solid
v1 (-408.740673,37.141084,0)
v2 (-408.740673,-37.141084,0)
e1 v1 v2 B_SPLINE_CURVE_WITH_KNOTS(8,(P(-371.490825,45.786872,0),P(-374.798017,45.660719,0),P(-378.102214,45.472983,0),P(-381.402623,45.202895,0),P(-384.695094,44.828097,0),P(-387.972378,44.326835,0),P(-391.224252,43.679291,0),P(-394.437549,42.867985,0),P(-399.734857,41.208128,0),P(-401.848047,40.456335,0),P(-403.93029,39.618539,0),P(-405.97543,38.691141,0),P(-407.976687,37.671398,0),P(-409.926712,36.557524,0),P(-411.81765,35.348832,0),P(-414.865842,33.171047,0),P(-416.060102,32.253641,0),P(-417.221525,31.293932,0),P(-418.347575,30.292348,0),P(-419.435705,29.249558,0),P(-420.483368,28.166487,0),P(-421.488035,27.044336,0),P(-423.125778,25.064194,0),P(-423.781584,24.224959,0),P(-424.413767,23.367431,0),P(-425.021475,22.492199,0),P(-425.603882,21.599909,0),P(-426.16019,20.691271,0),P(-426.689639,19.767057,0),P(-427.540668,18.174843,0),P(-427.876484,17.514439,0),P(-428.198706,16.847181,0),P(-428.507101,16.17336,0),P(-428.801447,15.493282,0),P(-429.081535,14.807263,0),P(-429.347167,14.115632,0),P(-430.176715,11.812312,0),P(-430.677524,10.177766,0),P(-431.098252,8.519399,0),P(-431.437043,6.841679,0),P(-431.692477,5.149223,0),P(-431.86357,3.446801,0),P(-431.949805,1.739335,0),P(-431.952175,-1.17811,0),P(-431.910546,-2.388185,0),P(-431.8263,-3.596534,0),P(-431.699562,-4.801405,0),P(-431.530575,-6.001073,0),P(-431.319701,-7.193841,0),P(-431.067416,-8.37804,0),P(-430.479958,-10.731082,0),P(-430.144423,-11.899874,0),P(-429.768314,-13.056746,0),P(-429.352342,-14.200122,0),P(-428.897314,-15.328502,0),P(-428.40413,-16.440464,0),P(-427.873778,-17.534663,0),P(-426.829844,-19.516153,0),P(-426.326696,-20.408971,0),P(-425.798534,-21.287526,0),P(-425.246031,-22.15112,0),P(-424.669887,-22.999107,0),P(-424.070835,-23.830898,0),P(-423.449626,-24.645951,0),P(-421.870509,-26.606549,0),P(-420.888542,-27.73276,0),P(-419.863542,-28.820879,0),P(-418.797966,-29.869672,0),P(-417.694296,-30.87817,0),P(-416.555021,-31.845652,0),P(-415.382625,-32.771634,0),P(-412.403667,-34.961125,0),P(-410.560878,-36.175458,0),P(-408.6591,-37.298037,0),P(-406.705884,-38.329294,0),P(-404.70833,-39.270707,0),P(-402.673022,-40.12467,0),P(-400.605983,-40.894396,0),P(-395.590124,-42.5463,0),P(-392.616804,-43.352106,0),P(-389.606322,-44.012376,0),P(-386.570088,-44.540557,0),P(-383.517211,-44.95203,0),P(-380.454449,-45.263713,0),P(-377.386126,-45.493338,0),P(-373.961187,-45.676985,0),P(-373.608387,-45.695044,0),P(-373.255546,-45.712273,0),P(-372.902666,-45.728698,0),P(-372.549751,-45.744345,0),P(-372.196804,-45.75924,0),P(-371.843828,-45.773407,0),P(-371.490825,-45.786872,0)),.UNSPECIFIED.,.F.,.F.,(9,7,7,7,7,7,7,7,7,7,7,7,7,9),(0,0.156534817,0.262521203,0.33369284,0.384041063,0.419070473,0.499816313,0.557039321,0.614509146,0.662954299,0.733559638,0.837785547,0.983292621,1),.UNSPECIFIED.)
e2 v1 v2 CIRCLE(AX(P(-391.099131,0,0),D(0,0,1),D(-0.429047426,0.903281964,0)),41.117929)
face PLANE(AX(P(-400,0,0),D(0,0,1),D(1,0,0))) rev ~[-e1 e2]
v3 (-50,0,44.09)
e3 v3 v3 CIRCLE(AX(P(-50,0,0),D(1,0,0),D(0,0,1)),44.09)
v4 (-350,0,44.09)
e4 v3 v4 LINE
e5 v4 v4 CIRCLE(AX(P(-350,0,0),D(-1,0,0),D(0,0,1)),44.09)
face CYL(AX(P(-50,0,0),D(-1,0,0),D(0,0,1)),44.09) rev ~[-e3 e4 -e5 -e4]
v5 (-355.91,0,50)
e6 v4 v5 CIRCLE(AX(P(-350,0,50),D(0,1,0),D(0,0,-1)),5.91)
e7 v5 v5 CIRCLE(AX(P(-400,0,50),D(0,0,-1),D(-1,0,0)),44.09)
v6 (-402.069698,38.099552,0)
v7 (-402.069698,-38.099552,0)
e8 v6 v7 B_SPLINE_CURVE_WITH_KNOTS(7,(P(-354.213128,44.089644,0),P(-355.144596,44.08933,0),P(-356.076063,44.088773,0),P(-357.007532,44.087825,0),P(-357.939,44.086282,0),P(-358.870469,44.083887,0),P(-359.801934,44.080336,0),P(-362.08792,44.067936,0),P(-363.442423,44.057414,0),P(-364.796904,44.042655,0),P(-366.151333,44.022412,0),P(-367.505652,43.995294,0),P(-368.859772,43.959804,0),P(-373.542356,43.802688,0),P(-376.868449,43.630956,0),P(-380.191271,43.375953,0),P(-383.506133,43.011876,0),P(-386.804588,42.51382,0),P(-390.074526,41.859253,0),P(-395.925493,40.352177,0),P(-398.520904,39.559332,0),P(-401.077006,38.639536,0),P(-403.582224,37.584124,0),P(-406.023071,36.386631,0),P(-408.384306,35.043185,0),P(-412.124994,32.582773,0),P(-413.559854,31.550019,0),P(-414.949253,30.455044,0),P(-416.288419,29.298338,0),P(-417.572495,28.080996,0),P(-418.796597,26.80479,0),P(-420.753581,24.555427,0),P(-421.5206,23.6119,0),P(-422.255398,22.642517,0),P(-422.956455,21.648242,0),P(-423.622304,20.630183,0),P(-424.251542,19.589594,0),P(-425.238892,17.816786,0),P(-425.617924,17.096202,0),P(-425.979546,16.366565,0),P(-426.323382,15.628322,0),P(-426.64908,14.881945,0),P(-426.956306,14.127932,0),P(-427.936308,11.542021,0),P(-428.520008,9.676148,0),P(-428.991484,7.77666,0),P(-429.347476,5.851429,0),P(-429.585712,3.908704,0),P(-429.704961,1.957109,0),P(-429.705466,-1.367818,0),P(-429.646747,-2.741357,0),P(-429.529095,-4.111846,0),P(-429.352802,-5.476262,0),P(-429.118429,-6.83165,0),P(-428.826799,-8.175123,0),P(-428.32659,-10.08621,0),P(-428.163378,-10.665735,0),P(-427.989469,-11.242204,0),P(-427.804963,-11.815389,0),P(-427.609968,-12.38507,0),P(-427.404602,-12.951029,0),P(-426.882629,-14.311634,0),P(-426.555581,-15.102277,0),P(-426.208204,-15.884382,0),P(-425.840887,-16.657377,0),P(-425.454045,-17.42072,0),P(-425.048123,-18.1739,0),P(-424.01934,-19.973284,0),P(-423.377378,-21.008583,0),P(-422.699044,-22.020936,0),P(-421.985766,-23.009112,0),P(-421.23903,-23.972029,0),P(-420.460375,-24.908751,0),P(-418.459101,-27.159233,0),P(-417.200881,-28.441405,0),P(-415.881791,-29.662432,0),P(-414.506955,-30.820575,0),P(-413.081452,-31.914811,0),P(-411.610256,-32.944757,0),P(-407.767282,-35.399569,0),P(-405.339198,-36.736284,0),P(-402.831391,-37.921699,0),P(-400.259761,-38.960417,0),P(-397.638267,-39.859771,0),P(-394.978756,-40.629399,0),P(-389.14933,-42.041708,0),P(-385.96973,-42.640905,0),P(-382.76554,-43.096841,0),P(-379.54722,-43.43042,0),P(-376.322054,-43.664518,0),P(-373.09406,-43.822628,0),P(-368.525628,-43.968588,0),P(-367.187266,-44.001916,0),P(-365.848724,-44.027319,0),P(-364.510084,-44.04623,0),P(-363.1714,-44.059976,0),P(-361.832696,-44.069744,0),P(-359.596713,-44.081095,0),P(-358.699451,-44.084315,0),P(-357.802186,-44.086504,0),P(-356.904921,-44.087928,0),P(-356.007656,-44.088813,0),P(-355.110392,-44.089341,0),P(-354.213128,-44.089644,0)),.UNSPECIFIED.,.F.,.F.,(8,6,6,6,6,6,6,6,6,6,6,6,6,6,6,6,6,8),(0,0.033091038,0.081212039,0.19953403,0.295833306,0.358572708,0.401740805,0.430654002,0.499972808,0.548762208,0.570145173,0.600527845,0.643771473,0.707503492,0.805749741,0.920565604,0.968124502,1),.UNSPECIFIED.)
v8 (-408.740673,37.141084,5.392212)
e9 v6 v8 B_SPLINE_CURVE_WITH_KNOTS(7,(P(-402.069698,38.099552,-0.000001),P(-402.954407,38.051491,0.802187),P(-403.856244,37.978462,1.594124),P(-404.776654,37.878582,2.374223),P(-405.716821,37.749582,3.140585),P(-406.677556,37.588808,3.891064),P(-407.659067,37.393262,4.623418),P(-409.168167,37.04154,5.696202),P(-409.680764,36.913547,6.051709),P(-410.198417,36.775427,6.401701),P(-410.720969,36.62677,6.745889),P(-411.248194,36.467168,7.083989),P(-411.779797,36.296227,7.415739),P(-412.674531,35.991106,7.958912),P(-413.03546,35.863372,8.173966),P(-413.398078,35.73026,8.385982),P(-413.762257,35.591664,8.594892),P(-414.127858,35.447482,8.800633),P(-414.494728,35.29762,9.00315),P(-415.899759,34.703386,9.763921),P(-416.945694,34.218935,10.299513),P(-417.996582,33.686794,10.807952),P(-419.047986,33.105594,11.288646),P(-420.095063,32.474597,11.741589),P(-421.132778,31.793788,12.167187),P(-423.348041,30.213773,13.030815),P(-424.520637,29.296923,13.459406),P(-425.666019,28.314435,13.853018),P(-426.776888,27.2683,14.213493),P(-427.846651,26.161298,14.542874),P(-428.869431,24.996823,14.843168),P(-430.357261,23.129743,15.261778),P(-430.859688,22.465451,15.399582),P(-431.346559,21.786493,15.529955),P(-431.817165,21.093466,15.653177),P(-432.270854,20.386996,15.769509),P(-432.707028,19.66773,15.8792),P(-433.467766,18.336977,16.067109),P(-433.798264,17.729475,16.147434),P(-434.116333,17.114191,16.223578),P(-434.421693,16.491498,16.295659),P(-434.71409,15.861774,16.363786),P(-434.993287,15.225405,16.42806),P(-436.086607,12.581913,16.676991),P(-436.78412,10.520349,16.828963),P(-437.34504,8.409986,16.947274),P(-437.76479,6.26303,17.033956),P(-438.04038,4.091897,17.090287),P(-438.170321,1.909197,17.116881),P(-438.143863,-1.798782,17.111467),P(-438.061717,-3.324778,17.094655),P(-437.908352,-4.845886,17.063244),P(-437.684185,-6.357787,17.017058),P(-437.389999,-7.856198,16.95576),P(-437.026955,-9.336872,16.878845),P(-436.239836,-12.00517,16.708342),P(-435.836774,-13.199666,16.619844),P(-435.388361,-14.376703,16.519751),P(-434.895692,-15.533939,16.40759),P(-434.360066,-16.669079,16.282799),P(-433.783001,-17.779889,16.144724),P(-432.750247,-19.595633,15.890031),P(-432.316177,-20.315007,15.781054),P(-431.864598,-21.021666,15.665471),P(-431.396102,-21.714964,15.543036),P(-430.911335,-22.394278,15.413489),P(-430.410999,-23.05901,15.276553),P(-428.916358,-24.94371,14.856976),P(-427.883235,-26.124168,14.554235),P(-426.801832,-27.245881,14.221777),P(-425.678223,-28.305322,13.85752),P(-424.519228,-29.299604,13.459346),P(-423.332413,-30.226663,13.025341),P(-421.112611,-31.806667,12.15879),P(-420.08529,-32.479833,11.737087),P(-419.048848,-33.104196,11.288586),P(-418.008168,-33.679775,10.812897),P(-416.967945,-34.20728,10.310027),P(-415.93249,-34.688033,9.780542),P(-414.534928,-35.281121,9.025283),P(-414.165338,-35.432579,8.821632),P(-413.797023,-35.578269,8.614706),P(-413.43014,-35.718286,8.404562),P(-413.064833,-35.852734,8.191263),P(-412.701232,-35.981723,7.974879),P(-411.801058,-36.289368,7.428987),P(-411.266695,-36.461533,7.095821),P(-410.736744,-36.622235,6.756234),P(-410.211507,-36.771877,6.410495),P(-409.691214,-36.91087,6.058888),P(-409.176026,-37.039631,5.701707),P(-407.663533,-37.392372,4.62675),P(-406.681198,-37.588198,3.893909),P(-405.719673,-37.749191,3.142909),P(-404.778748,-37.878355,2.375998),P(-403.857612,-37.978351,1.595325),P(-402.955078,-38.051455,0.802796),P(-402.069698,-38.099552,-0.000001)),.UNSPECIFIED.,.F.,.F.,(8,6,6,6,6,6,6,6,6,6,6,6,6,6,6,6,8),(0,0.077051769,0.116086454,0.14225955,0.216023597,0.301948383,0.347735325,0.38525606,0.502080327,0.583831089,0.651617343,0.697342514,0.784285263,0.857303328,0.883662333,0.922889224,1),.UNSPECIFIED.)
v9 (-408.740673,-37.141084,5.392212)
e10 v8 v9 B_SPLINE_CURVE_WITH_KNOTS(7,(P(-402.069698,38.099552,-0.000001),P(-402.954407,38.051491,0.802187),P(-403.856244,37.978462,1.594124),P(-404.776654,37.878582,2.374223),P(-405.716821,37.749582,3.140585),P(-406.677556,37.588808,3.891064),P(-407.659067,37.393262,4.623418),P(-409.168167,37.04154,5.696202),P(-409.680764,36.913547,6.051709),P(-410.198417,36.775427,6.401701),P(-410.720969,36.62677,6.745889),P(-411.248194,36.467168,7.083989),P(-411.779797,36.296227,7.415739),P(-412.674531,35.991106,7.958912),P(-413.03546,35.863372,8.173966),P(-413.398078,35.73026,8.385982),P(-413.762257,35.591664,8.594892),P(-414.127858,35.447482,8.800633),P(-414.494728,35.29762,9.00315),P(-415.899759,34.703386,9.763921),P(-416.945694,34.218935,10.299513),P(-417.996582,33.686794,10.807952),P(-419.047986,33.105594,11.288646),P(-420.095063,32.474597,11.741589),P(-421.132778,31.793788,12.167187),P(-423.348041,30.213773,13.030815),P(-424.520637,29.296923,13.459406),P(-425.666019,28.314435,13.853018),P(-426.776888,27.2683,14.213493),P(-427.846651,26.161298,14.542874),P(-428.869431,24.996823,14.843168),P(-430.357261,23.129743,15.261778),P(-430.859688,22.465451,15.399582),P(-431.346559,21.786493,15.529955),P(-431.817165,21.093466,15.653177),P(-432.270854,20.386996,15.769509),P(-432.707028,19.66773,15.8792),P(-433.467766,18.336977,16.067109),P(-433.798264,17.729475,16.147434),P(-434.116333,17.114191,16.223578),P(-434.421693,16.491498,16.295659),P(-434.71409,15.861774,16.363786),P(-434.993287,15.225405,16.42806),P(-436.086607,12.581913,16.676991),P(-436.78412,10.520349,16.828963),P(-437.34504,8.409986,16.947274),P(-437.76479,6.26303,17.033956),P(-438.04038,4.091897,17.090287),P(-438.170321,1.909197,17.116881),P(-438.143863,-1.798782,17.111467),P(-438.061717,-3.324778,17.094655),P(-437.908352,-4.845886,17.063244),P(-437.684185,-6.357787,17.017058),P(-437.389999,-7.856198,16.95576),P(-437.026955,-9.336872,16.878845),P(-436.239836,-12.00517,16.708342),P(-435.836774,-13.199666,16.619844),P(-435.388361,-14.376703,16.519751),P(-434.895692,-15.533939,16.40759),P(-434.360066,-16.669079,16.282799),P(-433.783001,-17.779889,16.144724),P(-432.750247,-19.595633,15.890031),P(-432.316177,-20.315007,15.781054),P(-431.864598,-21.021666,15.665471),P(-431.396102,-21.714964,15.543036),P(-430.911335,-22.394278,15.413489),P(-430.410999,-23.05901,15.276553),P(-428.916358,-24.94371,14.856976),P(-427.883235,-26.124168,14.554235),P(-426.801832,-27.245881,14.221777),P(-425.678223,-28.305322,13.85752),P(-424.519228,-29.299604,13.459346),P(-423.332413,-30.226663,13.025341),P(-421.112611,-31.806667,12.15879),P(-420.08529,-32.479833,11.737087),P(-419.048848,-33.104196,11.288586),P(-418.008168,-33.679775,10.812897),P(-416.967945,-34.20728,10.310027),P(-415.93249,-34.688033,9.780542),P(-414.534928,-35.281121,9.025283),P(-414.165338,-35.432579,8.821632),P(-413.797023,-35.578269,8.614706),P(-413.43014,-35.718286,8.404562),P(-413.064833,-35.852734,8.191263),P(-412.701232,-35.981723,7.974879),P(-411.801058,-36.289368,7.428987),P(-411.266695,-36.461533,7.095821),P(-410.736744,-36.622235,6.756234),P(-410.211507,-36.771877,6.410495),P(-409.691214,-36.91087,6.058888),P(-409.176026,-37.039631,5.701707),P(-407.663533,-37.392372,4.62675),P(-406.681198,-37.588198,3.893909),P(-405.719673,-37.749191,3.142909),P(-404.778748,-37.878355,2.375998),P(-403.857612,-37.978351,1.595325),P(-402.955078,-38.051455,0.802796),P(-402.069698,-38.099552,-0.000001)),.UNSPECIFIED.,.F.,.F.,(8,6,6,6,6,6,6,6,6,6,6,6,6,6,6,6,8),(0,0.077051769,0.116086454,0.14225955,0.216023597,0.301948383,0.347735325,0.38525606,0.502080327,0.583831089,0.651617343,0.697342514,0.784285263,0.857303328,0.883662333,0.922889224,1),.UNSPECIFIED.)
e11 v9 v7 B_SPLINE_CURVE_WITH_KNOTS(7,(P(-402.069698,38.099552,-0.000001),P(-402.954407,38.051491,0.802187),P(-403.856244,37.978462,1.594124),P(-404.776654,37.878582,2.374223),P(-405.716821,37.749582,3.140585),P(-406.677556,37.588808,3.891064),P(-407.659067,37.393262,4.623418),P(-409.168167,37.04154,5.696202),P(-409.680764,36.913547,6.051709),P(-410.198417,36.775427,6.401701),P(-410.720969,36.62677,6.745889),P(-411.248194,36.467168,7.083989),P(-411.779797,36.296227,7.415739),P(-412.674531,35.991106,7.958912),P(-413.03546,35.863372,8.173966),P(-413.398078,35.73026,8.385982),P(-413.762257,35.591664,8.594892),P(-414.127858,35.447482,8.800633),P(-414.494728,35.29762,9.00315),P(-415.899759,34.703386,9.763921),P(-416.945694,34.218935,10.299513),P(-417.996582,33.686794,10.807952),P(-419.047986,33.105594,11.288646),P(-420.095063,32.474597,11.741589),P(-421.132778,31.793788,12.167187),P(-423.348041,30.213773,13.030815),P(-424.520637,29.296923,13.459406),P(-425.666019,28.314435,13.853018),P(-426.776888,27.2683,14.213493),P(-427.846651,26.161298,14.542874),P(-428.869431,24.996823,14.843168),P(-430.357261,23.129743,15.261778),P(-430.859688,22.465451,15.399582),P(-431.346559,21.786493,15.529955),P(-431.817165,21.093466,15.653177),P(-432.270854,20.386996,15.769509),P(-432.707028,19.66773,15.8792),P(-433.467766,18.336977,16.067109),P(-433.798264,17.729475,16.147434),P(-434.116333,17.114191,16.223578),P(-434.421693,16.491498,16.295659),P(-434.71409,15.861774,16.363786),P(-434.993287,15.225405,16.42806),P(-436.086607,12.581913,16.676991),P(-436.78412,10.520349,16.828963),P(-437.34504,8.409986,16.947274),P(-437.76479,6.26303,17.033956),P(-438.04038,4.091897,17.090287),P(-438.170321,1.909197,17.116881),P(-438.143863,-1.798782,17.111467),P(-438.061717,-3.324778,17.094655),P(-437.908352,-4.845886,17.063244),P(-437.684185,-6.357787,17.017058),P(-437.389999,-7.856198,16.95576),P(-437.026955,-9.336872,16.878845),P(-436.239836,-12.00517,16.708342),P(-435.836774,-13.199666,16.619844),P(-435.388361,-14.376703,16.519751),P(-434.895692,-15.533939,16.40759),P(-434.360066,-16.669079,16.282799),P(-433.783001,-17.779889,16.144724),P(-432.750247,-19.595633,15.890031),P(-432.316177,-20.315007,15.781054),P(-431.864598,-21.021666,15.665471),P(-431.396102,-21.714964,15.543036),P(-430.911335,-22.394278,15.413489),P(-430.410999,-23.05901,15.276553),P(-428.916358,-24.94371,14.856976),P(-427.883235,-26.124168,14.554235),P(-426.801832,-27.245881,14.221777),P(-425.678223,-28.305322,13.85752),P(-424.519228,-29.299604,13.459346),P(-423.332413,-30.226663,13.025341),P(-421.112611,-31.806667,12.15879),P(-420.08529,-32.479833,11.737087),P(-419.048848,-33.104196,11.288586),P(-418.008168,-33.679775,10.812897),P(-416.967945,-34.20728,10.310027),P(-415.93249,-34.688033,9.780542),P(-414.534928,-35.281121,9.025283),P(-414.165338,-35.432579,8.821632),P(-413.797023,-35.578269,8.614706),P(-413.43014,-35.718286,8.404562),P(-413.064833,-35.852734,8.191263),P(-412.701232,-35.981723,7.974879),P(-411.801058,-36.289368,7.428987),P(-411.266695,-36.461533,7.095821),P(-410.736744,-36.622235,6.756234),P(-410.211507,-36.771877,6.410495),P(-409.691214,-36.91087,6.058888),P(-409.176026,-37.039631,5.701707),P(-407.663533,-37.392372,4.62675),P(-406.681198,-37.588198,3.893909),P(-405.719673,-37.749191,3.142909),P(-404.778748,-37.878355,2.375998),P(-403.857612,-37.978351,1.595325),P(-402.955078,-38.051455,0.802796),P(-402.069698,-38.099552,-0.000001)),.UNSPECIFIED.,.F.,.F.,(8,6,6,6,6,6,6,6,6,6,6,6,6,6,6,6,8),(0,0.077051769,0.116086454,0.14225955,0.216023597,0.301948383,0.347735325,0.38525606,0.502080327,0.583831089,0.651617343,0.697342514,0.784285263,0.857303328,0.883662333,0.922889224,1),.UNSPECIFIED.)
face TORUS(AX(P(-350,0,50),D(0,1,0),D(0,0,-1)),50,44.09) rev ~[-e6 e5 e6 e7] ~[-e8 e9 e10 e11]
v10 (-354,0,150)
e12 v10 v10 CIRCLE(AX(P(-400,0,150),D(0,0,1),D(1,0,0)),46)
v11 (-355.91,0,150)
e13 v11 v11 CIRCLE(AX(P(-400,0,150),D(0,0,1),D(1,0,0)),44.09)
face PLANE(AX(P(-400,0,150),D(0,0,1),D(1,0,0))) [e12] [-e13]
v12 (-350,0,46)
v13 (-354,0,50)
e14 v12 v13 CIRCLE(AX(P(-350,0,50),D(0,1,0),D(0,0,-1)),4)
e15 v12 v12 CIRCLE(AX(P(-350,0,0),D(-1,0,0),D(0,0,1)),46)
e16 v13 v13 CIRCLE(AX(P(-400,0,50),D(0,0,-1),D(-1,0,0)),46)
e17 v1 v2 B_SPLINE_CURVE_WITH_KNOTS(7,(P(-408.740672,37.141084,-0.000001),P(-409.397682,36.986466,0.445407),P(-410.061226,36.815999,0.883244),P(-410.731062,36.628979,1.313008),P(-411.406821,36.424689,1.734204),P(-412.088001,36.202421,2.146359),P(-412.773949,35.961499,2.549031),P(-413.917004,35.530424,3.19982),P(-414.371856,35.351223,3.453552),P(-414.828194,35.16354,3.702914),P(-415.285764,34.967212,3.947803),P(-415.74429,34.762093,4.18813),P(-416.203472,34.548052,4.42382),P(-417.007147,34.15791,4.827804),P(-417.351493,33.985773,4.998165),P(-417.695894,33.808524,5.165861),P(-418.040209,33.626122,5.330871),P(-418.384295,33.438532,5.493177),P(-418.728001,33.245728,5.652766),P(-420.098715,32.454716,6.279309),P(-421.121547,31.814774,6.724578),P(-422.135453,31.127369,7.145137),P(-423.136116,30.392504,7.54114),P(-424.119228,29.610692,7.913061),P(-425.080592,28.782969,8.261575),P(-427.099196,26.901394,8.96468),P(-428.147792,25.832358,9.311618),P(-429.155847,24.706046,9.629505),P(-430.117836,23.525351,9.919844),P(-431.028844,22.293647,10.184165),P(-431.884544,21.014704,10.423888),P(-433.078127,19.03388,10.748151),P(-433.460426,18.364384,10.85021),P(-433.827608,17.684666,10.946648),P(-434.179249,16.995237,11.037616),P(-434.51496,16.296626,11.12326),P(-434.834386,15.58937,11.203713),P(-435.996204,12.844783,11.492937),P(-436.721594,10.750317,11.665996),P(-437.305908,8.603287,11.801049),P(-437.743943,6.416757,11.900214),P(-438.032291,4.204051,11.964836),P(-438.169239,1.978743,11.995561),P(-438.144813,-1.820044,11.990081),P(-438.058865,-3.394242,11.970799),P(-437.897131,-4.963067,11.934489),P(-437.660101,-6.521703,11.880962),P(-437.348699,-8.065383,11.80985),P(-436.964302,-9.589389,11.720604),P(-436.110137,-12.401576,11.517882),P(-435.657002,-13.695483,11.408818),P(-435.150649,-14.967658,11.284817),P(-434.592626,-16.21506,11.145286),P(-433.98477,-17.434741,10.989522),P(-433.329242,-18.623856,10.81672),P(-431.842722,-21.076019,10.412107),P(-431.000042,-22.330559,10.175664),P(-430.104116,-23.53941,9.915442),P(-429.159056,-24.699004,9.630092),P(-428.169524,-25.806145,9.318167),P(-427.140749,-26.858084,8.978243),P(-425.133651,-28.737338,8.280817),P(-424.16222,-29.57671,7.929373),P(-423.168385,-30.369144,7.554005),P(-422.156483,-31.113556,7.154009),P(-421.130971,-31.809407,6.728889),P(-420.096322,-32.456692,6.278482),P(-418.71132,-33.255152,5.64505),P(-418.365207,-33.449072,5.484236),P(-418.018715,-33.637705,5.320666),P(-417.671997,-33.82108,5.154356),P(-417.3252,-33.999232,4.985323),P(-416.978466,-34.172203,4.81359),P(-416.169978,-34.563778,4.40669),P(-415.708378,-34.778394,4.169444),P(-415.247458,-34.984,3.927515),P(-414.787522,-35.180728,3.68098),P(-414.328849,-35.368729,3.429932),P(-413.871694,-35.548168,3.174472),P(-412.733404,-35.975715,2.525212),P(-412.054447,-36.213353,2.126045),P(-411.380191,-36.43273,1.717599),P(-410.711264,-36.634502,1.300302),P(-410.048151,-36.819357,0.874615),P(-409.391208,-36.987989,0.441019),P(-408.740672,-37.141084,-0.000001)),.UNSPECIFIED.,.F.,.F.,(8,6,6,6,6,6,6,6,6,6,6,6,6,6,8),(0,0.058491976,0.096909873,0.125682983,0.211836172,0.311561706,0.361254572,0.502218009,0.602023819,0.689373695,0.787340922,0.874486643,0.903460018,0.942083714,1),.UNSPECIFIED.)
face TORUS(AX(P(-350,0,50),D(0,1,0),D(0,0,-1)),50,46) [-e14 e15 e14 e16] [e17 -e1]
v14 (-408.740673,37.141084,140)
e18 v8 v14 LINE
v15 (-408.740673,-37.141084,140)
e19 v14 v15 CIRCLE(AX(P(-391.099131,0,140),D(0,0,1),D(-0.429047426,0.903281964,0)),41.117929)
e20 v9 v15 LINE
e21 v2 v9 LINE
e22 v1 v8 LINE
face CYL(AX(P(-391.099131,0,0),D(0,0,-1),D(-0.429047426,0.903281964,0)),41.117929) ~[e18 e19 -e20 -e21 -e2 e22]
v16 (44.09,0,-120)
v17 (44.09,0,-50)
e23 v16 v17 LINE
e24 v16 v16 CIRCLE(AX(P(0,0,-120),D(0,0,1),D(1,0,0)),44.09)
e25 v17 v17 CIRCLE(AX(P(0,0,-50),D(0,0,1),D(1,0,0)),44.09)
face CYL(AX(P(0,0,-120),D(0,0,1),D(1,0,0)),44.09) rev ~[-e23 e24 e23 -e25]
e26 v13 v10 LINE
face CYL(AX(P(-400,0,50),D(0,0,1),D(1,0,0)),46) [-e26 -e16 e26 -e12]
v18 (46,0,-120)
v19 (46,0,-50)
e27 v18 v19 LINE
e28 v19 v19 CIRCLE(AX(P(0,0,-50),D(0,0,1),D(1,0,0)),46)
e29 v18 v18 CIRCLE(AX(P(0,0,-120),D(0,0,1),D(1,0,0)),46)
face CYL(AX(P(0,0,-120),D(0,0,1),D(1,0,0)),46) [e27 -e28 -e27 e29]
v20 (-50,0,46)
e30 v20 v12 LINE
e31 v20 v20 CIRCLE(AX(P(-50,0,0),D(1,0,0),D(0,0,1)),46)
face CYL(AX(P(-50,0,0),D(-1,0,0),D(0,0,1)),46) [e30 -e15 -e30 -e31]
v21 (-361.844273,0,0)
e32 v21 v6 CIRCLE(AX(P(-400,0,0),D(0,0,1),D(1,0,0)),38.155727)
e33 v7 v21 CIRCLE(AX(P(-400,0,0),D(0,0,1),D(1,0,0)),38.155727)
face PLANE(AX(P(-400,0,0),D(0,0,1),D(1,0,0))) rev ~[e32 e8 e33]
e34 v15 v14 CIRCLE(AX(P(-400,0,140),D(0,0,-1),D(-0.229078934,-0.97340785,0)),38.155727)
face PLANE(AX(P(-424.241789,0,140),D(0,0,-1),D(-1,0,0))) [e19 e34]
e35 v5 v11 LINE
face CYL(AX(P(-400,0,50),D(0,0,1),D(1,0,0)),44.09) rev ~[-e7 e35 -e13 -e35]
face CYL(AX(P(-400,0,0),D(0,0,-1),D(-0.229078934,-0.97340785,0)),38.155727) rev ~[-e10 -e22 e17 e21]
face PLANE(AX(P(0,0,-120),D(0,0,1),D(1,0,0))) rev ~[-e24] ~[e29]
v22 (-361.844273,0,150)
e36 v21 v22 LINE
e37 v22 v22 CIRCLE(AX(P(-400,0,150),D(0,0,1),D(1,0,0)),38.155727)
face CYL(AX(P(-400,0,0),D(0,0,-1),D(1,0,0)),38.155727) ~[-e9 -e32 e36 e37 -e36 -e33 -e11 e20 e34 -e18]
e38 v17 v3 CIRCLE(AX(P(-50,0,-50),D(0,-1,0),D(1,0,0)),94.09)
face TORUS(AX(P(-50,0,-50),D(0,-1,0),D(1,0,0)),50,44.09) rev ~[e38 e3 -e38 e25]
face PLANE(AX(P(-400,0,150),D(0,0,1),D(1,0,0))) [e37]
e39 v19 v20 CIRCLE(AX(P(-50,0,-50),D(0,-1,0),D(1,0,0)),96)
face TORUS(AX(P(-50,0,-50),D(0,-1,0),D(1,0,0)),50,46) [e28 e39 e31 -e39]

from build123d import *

# Parameters (mm, degrees)
SKETCH4_R           = 38.155726857
BOSS_EXTRUDE1_DEPTH = 150
SKETCH5_R           = 46
SKETCH5_R_2         = 44.09
CUT_EXTRUDE1_DEPTH  = 140


with BuildPart() as part:
    # Sketch4 → Boss-Extrude1 (new body)
    with BuildSketch(Plane.XY):
        with Locations((-400, 0)):
            Circle(SKETCH4_R)
    extrude(amount=BOSS_EXTRUDE1_DEPTH)

    # Sweep2: sweep along a path in Sketch2
    with BuildLine(Plane(origin=(0, 0, 0), x_dir=(1, 0, 0), z_dir=(0, 1, 0))) as sweep2_path:
        Line((0, 120), (0, 50))
        ThreePointArc((0, 50), (-14.644660941, 14.644660941), (-50, 0))
        Line((-50, 0), (-350, 0))
        ThreePointArc((-350, 0), (-385.355339059, -14.644660941), (-400, -50))
        Line((-400, -50), (-400, -150))
    # Sketch5 → Sweep2 (sweep)
    with BuildSketch(Plane.XY.offset(150)):
        with Locations((-400, 0)):
            Circle(SKETCH5_R)
        with Locations((-400, 0)):
            Circle(SKETCH5_R_2, mode=Mode.SUBTRACT)
    sweep(path=sweep2_path.line)

    # Sketch6 → Cut-Extrude1 (cut)
    with BuildSketch(Plane(origin=(0, 0, 0), x_dir=(-1, 0, 0), z_dir=(0, 0, -1))):
        with BuildLine():
            ThreePointArc((408.740673251, -37.141084033), (438.155726857, 0), (408.740673251, 37.141084033))
            ThreePointArc((408.740673251, 37.141084033), (432.21706088, 0), (408.740673251, -37.141084033))
        make_face()
    extrude(amount=-CUT_EXTRUDE1_DEPTH, mode=Mode.SUBTRACT)


solid = part.part
